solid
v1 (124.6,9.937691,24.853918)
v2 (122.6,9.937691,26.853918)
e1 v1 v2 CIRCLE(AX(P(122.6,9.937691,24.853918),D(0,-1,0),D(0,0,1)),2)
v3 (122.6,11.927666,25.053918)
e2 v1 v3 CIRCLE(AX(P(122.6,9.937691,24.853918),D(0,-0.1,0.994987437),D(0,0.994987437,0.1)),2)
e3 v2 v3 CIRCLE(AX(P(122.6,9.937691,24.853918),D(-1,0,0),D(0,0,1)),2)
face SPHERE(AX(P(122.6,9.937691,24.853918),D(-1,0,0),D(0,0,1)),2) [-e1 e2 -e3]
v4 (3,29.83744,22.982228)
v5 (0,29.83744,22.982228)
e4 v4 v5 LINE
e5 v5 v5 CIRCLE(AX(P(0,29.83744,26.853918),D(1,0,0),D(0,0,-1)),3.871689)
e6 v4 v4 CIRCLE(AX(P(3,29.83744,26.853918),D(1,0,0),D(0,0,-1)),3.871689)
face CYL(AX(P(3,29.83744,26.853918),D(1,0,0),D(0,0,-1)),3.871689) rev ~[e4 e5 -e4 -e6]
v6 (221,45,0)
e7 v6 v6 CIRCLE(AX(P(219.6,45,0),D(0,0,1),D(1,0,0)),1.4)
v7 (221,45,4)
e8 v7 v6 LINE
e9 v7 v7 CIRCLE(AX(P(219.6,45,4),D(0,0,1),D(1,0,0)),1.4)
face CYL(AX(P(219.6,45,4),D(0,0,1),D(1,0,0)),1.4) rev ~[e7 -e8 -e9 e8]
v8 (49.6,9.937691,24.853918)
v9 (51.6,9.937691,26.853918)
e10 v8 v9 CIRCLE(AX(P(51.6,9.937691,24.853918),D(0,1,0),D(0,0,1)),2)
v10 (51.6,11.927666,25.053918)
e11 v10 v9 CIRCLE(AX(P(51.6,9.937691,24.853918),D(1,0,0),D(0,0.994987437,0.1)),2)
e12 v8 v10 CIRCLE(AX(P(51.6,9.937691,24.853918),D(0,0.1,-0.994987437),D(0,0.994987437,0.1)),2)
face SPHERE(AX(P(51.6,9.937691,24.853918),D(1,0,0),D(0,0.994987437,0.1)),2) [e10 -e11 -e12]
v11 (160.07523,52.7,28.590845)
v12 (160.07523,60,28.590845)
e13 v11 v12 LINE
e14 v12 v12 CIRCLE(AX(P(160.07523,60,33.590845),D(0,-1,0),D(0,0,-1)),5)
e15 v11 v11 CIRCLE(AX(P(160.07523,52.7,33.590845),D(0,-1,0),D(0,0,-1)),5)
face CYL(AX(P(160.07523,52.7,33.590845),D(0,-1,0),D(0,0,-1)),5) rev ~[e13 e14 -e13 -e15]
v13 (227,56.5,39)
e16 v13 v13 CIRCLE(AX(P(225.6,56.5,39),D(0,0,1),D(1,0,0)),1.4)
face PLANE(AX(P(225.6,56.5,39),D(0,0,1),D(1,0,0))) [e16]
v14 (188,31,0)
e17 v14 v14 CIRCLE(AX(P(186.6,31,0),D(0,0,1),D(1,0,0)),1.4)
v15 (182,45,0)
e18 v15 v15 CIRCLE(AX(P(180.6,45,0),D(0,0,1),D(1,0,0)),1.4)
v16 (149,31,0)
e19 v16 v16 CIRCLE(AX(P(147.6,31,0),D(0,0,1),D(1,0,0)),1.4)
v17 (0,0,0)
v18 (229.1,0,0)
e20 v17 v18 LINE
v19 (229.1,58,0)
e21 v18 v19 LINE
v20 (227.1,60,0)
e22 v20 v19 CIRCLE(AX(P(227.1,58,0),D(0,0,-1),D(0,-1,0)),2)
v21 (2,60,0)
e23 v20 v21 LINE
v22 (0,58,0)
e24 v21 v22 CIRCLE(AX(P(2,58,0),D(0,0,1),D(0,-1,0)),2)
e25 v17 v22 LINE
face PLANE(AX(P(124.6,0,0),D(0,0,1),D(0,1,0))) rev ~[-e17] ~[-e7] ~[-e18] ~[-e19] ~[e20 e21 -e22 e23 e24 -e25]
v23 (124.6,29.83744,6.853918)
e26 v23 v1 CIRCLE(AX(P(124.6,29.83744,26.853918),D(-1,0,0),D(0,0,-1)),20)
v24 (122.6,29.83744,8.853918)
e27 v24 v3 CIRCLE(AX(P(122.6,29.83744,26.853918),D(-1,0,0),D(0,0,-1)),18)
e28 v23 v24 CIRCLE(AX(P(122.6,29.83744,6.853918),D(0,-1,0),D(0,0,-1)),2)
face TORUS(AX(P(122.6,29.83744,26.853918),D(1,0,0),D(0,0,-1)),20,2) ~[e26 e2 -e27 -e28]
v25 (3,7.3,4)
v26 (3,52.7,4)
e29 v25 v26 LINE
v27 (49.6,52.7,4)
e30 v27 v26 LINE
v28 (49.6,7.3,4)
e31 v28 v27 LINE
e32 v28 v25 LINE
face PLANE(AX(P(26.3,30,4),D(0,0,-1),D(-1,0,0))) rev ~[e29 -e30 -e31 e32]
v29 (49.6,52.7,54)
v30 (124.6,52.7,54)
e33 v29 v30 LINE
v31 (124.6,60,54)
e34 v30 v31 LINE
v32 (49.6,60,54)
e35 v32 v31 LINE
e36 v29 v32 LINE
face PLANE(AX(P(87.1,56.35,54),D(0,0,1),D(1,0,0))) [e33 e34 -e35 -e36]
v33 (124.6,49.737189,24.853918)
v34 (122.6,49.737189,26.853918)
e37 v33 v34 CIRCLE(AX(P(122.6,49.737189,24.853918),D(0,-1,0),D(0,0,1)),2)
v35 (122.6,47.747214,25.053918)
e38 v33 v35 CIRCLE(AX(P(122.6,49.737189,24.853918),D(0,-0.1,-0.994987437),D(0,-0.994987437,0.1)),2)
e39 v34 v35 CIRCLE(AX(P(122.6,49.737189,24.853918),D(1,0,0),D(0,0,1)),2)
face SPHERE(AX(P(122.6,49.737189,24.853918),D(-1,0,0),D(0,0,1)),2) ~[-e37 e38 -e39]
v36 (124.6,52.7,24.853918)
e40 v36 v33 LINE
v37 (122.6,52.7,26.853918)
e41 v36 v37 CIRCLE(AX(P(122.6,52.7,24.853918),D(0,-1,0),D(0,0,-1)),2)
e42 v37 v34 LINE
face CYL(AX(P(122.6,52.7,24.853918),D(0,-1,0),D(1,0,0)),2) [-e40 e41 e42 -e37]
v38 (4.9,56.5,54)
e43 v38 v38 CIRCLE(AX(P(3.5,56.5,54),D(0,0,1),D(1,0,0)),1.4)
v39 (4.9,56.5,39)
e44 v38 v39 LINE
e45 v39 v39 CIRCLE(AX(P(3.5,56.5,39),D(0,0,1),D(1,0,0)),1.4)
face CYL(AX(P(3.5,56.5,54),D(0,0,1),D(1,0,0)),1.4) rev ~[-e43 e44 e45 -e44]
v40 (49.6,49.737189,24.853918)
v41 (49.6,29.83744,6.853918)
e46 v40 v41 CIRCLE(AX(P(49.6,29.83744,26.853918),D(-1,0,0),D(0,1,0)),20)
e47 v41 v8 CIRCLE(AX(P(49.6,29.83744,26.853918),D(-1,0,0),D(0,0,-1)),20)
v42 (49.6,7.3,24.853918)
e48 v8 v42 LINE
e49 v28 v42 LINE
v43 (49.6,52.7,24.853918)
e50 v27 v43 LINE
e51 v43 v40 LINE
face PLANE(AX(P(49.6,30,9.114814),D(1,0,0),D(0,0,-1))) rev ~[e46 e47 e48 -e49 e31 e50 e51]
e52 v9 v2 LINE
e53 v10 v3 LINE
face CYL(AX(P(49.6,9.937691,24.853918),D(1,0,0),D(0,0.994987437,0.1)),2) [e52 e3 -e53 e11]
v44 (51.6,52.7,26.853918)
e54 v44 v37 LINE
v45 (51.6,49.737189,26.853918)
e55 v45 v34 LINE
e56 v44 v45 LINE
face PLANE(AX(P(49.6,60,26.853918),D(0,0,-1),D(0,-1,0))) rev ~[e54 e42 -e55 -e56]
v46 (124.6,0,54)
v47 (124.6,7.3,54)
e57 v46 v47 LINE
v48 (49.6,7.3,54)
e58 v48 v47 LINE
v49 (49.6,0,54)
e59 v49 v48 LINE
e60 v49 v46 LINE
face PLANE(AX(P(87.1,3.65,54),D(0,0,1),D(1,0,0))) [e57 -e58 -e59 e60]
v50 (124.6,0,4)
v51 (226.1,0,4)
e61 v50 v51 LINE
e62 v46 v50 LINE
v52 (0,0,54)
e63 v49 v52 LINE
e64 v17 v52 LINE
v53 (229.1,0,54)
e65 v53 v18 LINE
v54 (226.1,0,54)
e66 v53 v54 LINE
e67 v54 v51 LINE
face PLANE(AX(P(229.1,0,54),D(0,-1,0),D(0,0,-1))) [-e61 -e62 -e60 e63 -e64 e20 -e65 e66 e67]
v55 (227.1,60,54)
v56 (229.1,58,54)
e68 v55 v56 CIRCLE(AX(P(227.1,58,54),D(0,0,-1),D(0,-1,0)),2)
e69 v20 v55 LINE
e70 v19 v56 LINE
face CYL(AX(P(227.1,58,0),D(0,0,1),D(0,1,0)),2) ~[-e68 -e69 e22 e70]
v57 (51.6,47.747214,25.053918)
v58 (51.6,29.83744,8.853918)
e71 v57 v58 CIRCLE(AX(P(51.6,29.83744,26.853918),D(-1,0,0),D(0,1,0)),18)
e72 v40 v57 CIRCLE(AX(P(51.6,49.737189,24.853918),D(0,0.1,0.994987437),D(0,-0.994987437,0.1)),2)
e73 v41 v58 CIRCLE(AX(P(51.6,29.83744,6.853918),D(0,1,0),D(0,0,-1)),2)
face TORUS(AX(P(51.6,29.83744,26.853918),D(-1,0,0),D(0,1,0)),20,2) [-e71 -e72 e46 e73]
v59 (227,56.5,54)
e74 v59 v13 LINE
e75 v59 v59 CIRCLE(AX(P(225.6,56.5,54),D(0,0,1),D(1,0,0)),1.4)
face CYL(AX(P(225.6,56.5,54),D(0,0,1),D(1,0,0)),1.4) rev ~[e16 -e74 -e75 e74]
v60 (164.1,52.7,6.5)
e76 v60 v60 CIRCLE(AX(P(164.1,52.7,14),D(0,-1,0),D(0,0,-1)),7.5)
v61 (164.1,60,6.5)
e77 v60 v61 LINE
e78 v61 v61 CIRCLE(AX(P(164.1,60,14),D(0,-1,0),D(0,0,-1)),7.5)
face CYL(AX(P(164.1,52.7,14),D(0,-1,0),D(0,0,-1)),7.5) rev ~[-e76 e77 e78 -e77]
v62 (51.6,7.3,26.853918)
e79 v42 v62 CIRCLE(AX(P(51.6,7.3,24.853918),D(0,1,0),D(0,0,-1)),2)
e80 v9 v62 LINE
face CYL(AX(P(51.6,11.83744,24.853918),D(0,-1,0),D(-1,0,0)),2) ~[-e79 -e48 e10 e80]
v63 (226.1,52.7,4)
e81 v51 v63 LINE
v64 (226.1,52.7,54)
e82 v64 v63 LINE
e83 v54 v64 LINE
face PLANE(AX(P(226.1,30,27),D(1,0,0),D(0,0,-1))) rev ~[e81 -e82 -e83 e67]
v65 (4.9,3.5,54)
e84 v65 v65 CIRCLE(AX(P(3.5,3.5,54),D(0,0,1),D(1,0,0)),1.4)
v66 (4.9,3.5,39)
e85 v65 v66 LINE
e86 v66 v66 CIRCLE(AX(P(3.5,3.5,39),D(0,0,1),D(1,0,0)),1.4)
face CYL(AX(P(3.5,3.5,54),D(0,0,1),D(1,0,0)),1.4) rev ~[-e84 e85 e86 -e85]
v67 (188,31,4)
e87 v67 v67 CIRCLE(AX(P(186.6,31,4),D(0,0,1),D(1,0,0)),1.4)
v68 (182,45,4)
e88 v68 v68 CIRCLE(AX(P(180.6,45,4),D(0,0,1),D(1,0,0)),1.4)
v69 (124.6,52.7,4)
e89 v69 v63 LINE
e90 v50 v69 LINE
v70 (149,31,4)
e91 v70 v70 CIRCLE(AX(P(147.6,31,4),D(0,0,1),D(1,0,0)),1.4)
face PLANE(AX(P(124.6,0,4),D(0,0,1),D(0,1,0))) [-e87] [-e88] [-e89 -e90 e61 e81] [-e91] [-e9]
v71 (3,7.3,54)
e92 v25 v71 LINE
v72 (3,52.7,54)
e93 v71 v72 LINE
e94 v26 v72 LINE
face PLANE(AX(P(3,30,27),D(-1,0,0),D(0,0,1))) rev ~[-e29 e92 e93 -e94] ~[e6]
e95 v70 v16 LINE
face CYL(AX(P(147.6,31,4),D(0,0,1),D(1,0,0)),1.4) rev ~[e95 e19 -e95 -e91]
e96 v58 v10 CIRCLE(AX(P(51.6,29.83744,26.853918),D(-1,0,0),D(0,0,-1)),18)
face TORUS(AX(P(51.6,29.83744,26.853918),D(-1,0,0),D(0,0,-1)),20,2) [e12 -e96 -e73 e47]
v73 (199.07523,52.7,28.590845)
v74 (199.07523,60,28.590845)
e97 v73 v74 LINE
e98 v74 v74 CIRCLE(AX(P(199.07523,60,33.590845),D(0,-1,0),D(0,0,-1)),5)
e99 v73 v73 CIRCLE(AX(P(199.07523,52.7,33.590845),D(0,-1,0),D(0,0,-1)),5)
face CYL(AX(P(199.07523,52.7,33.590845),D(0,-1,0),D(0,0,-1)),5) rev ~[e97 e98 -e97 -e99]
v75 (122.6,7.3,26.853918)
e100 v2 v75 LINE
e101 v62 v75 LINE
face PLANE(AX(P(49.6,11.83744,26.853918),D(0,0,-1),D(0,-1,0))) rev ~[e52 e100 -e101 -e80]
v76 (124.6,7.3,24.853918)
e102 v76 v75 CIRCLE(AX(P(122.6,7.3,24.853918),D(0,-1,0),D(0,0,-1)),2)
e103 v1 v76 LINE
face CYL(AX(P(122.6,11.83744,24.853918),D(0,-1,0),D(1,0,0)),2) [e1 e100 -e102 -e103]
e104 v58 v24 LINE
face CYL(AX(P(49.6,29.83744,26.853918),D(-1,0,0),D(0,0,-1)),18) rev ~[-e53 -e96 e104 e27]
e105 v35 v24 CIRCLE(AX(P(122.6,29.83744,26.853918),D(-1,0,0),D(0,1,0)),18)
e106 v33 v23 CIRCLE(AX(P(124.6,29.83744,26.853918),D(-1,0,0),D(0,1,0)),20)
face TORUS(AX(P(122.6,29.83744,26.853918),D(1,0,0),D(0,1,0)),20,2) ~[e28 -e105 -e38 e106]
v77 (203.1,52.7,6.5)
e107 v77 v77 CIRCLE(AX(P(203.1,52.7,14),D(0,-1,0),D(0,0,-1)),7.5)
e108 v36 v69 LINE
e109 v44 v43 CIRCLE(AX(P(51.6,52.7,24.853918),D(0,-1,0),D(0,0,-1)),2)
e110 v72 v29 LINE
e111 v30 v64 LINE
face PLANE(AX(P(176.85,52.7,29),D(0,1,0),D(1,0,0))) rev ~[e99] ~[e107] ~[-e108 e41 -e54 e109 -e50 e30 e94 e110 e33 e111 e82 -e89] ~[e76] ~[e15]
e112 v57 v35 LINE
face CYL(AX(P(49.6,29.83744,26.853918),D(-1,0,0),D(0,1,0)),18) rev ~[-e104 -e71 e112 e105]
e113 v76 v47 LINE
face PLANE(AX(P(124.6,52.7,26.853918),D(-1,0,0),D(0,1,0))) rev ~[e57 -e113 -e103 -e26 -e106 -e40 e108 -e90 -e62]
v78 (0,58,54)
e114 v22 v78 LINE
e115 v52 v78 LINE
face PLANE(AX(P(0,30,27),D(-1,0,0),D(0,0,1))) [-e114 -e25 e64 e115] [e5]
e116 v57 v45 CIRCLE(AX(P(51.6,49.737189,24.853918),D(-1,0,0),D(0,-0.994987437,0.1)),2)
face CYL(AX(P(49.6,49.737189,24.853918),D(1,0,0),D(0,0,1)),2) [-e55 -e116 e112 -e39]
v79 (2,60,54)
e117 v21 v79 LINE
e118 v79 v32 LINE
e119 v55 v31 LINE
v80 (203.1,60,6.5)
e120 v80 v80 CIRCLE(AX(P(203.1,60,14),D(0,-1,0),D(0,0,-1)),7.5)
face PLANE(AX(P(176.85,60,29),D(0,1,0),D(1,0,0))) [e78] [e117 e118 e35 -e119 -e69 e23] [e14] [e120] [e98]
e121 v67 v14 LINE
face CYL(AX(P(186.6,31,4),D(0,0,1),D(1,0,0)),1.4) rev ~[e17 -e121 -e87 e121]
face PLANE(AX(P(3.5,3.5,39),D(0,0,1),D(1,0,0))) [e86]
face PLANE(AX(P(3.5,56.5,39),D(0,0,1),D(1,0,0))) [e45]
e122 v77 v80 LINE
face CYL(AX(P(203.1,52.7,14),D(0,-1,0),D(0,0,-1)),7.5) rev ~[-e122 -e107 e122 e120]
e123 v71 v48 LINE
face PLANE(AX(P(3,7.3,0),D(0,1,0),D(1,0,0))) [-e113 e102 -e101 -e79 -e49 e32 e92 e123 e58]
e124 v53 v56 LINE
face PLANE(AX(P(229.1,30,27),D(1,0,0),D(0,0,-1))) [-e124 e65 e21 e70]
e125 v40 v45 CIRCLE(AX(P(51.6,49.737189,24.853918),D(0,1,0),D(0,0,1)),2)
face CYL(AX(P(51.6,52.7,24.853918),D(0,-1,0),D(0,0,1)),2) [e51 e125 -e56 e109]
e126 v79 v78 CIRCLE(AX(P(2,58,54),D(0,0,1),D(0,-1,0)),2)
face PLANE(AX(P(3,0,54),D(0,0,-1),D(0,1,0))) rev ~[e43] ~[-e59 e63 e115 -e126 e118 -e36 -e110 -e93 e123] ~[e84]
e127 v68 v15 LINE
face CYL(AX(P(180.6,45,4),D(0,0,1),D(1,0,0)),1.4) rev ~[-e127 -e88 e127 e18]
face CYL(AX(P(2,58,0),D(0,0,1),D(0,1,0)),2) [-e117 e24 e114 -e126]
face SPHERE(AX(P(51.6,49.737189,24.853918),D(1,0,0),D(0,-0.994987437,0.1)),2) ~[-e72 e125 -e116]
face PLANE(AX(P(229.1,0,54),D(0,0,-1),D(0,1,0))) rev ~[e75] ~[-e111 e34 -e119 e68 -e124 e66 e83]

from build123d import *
from build123d.topology import SkipClean

# Parameters (mm, degrees)
SKETCH_1_W          = 46.6
SKETCH_1_H          = 7.3
EXTRUDE_1_DEPTH     = 54
EXTRUDE_1_2_DEPTH   = 54
SKETCH_2_W          = 46.6
SKETCH_2_H          = 45.4
EXTRUDE_2_DEPTH     = 4
SKETCH_3_W          = 54
SKETCH_3_H          = 60
EXTRUDE_3_DEPTH     = 3
SKETCH_4_R          = 3.871689423
CUT_EXTRUDE_1_DEPTH = 3
EXTRUDE_4_DEPTH     = 75
SKETCH_6_W          = 75
SKETCH_6_H          = 7.3
EXTRUDE_5_DEPTH     = 27.146082
SKETCH_7_W          = 4
SKETCH_7_H          = 60
EXTRUDE_6_DEPTH     = 104.5
SKETCH_8_R          = 1.4
CUT_EXTRUDE_2_DEPTH = 75
SKETCH_10_W         = 104.5
SKETCH_10_H         = 50
EXTRUDE_7_DEPTH     = 7.3
SKETCH_11_R         = 7.5
SKETCH_11_R_2       = 5
CUT_EXTRUDE_3_DEPTH = 16
SKETCH_12_W         = 54
SKETCH_12_H         = 60
EXTRUDE_8_DEPTH     = 3
SKETCH_13_R         = 1.4
CUT_EXTRUDE_4_DEPTH = 15
FILLET_1_R          = 2
FILLET_2_R          = 2


with BuildPart() as part:
    # ｽｹｯﾁ1 → ﾎﾞｽ - 押し出し1 (new body)
    with BuildSketch(Plane.XY):
        with Locations((26.3, 3.65)):
            Rectangle(SKETCH_1_W, SKETCH_1_H)
    extrude(amount=EXTRUDE_1_DEPTH)



with BuildPart() as body_2:
    # ｽｹｯﾁ1 → Extrude 1 2 (new body)
    with BuildSketch(Plane.XY):
        with Locations((26.3, 56.35)):
            Rectangle(SKETCH_1_W, SKETCH_1_H)
    extrude(amount=EXTRUDE_1_2_DEPTH)


with BuildPart() as part_1:
    add(part.part)

    add(body_2.part)  # ﾎﾞｽ - 押し出し2 merges body 2
    # ｽｹｯﾁ2 → ﾎﾞｽ - 押し出し2 (add)
    with BuildSketch(Plane(origin=(0, 0, 0), x_dir=(-1, 0, 0), z_dir=(0, 0, -1))):
        with Locations((-26.3, 30)):
            Rectangle(SKETCH_2_W, SKETCH_2_H)
    extrude(amount=-EXTRUDE_2_DEPTH)

    # ｽｹｯﾁ3 → ﾎﾞｽ - 押し出し3 (add)
    with BuildSketch(Plane.ZY.offset(-3)):
        with Locations((27, 30)):
            Rectangle(SKETCH_3_W, SKETCH_3_H)
    extrude(amount=EXTRUDE_3_DEPTH)

    # ｽｹｯﾁ4 → ｶｯﾄ - 押し出し1 (cut)
    with BuildSketch(Plane(origin=(3, 0, 0), x_dir=(0, 0, -1), z_dir=(1, 0, 0))):
        with Locations((-26.853917863, 29.837440161)):
            Circle(SKETCH_4_R)
    extrude(amount=-CUT_EXTRUDE_1_DEPTH, mode=Mode.SUBTRACT)

    # ｽｹｯﾁ5 → ﾎﾞｽ - 押し出し4 (add)
    with BuildSketch(Plane(origin=(49.6, 0, 0), x_dir=(0, 0, -1), z_dir=(1, 0, 0))):
        Polygon((0, 0), (0, 60), (-26.853917863, 60), (-26.853917863, 52.7), (-4, 52.7), (-4, 7.3), (-26.853917863, 7.3), (-26.853917863, 0), align=None)
        with BuildLine():
            Line((-4, 52.7), (-26.853917863, 52.7))
            Line((-26.853917863, 52.7), (-26.853917863, 47.837440161))
            ThreePointArc((-26.853917863, 47.837440161), (-14.125995802, 42.565362223), (-8.853917863, 29.837440161))
            ThreePointArc((-8.853917863, 29.837440161), (-14.125995802, 17.1095181), (-26.853917863, 11.837440161))
            Line((-26.853917863, 11.837440161), (-26.853917863, 7.3))
            Line((-26.853917863, 7.3), (-4, 7.3))
            Line((-4, 7.3), (-4, 52.7))
        make_face()
    extrude(amount=EXTRUDE_4_DEPTH)

    # ｽｹｯﾁ6 → ﾎﾞｽ - 押し出し5 (add)
    with BuildSketch(Plane.XY.offset(26.853917863)):
        with Locations((87.1, 56.35)):
            Rectangle(SKETCH_6_W, SKETCH_6_H)
        with Locations((87.1, 3.65)):
            Rectangle(SKETCH_6_W, SKETCH_6_H)
    extrude(amount=EXTRUDE_5_DEPTH)

    # ｽｹｯﾁ7 → ﾎﾞｽ - 押し出し6 (add)
    with BuildSketch(Plane(origin=(124.6, 0, 0), x_dir=(0, 0, -1), z_dir=(1, 0, 0))):
        with Locations((-2, 30)):
            Rectangle(SKETCH_7_W, SKETCH_7_H)
    extrude(amount=EXTRUDE_6_DEPTH)

    # ｽｹｯﾁ8 → ｶｯﾄ - 押し出し2 (cut)
    with BuildSketch(Plane.XY.offset(4)):
        with Locations((147.6, 31)):
            Circle(SKETCH_8_R)
        with Locations((180.6, 45)):
            Circle(SKETCH_8_R)
        with Locations((186.6, 31)):
            Circle(SKETCH_8_R)
        with Locations((219.6, 45)):
            Circle(SKETCH_8_R)
    extrude(amount=-CUT_EXTRUDE_2_DEPTH, mode=Mode.SUBTRACT)

    # ｽｹｯﾁ10 → ﾎﾞｽ - 押し出し7 (add)
    with SkipClean():  # the faces are left unmerged after this step: merging them gives an invalid solid
        with BuildSketch(Plane(origin=(0, 60, 0), x_dir=(1, 0, 0), z_dir=(0, 1, 0))):
            with Locations((176.85, -29)):
                Rectangle(SKETCH_10_W, SKETCH_10_H)
        extrude(amount=-EXTRUDE_7_DEPTH)

    # ｽｹｯﾁ11 → ｶｯﾄ - 押し出し3 (cut)
    with SkipClean():  # the faces are left unmerged after this step: merging them gives an invalid solid
        with BuildSketch(Plane(origin=(0, 52.7, 0), x_dir=(-1, 0, 0), z_dir=(0, -1, 0))):
            with Locations(Location((-164.1, -14, 0), (0, 0, 90))):
                Circle(SKETCH_11_R)
            with Locations(Location((-203.1, -14, 0), (0, 0, 90))):
                Circle(SKETCH_11_R)
            with Locations(Location((-199.075229873, -33.590845449, 0), (0, 0, 90))):
                Circle(SKETCH_11_R_2)
            with Locations(Location((-160.075229873, -33.590845449, 0), (0, 0, 90))):
                Circle(SKETCH_11_R_2)
        extrude(amount=-CUT_EXTRUDE_3_DEPTH, mode=Mode.SUBTRACT)

    # ｽｹｯﾁ12 → ﾎﾞｽ - 押し出し8 (add)
    with BuildSketch(Plane(origin=(229.1, 0, 0), x_dir=(0, 0, -1), z_dir=(1, 0, 0))):
        with Locations((-27, 30)):
            Rectangle(SKETCH_12_W, SKETCH_12_H)
    extrude(amount=-EXTRUDE_8_DEPTH)

    # ｽｹｯﾁ13 → ｶｯﾄ - 押し出し4 (cut)
    with BuildSketch(Plane.XY.offset(54)):
        with Locations((3.5, 3.5)):
            Circle(SKETCH_13_R)
        with Locations((3.5, 56.5)):
            Circle(SKETCH_13_R)
        with Locations((225.6, 56.5)):
            Circle(SKETCH_13_R)
    extrude(amount=-CUT_EXTRUDE_4_DEPTH, mode=Mode.SUBTRACT)

    # ﾌｨﾚｯﾄ1
    fillet_1_edges = [part_1.edges().sort_by_distance(p)[0] for p in [
        (49.6, 29.837440161, 8.853917863),
        (49.6, 50.268720081, 26.853917863),
        (124.6, 29.837440161, 8.853917863),
        (87.1, 47.837440161, 26.853917863),
        (49.6, 9.568720081, 26.853917863),
        (87.1, 11.837440161, 26.853917863),
        (124.6, 9.568720081, 26.853917863),
        (124.6, 50.268720081, 26.853917863),
    ]]
    fillet(fillet_1_edges, radius=FILLET_1_R)

    # ﾌｨﾚｯﾄ2
    fillet_2_edges = [part_1.edges().sort_by_distance(p)[0] for p in [
        (229.1, 60, 27),
        (0, 60, 27),
    ]]
    fillet(fillet_2_edges, radius=FILLET_2_R)


solid = part_1.part
